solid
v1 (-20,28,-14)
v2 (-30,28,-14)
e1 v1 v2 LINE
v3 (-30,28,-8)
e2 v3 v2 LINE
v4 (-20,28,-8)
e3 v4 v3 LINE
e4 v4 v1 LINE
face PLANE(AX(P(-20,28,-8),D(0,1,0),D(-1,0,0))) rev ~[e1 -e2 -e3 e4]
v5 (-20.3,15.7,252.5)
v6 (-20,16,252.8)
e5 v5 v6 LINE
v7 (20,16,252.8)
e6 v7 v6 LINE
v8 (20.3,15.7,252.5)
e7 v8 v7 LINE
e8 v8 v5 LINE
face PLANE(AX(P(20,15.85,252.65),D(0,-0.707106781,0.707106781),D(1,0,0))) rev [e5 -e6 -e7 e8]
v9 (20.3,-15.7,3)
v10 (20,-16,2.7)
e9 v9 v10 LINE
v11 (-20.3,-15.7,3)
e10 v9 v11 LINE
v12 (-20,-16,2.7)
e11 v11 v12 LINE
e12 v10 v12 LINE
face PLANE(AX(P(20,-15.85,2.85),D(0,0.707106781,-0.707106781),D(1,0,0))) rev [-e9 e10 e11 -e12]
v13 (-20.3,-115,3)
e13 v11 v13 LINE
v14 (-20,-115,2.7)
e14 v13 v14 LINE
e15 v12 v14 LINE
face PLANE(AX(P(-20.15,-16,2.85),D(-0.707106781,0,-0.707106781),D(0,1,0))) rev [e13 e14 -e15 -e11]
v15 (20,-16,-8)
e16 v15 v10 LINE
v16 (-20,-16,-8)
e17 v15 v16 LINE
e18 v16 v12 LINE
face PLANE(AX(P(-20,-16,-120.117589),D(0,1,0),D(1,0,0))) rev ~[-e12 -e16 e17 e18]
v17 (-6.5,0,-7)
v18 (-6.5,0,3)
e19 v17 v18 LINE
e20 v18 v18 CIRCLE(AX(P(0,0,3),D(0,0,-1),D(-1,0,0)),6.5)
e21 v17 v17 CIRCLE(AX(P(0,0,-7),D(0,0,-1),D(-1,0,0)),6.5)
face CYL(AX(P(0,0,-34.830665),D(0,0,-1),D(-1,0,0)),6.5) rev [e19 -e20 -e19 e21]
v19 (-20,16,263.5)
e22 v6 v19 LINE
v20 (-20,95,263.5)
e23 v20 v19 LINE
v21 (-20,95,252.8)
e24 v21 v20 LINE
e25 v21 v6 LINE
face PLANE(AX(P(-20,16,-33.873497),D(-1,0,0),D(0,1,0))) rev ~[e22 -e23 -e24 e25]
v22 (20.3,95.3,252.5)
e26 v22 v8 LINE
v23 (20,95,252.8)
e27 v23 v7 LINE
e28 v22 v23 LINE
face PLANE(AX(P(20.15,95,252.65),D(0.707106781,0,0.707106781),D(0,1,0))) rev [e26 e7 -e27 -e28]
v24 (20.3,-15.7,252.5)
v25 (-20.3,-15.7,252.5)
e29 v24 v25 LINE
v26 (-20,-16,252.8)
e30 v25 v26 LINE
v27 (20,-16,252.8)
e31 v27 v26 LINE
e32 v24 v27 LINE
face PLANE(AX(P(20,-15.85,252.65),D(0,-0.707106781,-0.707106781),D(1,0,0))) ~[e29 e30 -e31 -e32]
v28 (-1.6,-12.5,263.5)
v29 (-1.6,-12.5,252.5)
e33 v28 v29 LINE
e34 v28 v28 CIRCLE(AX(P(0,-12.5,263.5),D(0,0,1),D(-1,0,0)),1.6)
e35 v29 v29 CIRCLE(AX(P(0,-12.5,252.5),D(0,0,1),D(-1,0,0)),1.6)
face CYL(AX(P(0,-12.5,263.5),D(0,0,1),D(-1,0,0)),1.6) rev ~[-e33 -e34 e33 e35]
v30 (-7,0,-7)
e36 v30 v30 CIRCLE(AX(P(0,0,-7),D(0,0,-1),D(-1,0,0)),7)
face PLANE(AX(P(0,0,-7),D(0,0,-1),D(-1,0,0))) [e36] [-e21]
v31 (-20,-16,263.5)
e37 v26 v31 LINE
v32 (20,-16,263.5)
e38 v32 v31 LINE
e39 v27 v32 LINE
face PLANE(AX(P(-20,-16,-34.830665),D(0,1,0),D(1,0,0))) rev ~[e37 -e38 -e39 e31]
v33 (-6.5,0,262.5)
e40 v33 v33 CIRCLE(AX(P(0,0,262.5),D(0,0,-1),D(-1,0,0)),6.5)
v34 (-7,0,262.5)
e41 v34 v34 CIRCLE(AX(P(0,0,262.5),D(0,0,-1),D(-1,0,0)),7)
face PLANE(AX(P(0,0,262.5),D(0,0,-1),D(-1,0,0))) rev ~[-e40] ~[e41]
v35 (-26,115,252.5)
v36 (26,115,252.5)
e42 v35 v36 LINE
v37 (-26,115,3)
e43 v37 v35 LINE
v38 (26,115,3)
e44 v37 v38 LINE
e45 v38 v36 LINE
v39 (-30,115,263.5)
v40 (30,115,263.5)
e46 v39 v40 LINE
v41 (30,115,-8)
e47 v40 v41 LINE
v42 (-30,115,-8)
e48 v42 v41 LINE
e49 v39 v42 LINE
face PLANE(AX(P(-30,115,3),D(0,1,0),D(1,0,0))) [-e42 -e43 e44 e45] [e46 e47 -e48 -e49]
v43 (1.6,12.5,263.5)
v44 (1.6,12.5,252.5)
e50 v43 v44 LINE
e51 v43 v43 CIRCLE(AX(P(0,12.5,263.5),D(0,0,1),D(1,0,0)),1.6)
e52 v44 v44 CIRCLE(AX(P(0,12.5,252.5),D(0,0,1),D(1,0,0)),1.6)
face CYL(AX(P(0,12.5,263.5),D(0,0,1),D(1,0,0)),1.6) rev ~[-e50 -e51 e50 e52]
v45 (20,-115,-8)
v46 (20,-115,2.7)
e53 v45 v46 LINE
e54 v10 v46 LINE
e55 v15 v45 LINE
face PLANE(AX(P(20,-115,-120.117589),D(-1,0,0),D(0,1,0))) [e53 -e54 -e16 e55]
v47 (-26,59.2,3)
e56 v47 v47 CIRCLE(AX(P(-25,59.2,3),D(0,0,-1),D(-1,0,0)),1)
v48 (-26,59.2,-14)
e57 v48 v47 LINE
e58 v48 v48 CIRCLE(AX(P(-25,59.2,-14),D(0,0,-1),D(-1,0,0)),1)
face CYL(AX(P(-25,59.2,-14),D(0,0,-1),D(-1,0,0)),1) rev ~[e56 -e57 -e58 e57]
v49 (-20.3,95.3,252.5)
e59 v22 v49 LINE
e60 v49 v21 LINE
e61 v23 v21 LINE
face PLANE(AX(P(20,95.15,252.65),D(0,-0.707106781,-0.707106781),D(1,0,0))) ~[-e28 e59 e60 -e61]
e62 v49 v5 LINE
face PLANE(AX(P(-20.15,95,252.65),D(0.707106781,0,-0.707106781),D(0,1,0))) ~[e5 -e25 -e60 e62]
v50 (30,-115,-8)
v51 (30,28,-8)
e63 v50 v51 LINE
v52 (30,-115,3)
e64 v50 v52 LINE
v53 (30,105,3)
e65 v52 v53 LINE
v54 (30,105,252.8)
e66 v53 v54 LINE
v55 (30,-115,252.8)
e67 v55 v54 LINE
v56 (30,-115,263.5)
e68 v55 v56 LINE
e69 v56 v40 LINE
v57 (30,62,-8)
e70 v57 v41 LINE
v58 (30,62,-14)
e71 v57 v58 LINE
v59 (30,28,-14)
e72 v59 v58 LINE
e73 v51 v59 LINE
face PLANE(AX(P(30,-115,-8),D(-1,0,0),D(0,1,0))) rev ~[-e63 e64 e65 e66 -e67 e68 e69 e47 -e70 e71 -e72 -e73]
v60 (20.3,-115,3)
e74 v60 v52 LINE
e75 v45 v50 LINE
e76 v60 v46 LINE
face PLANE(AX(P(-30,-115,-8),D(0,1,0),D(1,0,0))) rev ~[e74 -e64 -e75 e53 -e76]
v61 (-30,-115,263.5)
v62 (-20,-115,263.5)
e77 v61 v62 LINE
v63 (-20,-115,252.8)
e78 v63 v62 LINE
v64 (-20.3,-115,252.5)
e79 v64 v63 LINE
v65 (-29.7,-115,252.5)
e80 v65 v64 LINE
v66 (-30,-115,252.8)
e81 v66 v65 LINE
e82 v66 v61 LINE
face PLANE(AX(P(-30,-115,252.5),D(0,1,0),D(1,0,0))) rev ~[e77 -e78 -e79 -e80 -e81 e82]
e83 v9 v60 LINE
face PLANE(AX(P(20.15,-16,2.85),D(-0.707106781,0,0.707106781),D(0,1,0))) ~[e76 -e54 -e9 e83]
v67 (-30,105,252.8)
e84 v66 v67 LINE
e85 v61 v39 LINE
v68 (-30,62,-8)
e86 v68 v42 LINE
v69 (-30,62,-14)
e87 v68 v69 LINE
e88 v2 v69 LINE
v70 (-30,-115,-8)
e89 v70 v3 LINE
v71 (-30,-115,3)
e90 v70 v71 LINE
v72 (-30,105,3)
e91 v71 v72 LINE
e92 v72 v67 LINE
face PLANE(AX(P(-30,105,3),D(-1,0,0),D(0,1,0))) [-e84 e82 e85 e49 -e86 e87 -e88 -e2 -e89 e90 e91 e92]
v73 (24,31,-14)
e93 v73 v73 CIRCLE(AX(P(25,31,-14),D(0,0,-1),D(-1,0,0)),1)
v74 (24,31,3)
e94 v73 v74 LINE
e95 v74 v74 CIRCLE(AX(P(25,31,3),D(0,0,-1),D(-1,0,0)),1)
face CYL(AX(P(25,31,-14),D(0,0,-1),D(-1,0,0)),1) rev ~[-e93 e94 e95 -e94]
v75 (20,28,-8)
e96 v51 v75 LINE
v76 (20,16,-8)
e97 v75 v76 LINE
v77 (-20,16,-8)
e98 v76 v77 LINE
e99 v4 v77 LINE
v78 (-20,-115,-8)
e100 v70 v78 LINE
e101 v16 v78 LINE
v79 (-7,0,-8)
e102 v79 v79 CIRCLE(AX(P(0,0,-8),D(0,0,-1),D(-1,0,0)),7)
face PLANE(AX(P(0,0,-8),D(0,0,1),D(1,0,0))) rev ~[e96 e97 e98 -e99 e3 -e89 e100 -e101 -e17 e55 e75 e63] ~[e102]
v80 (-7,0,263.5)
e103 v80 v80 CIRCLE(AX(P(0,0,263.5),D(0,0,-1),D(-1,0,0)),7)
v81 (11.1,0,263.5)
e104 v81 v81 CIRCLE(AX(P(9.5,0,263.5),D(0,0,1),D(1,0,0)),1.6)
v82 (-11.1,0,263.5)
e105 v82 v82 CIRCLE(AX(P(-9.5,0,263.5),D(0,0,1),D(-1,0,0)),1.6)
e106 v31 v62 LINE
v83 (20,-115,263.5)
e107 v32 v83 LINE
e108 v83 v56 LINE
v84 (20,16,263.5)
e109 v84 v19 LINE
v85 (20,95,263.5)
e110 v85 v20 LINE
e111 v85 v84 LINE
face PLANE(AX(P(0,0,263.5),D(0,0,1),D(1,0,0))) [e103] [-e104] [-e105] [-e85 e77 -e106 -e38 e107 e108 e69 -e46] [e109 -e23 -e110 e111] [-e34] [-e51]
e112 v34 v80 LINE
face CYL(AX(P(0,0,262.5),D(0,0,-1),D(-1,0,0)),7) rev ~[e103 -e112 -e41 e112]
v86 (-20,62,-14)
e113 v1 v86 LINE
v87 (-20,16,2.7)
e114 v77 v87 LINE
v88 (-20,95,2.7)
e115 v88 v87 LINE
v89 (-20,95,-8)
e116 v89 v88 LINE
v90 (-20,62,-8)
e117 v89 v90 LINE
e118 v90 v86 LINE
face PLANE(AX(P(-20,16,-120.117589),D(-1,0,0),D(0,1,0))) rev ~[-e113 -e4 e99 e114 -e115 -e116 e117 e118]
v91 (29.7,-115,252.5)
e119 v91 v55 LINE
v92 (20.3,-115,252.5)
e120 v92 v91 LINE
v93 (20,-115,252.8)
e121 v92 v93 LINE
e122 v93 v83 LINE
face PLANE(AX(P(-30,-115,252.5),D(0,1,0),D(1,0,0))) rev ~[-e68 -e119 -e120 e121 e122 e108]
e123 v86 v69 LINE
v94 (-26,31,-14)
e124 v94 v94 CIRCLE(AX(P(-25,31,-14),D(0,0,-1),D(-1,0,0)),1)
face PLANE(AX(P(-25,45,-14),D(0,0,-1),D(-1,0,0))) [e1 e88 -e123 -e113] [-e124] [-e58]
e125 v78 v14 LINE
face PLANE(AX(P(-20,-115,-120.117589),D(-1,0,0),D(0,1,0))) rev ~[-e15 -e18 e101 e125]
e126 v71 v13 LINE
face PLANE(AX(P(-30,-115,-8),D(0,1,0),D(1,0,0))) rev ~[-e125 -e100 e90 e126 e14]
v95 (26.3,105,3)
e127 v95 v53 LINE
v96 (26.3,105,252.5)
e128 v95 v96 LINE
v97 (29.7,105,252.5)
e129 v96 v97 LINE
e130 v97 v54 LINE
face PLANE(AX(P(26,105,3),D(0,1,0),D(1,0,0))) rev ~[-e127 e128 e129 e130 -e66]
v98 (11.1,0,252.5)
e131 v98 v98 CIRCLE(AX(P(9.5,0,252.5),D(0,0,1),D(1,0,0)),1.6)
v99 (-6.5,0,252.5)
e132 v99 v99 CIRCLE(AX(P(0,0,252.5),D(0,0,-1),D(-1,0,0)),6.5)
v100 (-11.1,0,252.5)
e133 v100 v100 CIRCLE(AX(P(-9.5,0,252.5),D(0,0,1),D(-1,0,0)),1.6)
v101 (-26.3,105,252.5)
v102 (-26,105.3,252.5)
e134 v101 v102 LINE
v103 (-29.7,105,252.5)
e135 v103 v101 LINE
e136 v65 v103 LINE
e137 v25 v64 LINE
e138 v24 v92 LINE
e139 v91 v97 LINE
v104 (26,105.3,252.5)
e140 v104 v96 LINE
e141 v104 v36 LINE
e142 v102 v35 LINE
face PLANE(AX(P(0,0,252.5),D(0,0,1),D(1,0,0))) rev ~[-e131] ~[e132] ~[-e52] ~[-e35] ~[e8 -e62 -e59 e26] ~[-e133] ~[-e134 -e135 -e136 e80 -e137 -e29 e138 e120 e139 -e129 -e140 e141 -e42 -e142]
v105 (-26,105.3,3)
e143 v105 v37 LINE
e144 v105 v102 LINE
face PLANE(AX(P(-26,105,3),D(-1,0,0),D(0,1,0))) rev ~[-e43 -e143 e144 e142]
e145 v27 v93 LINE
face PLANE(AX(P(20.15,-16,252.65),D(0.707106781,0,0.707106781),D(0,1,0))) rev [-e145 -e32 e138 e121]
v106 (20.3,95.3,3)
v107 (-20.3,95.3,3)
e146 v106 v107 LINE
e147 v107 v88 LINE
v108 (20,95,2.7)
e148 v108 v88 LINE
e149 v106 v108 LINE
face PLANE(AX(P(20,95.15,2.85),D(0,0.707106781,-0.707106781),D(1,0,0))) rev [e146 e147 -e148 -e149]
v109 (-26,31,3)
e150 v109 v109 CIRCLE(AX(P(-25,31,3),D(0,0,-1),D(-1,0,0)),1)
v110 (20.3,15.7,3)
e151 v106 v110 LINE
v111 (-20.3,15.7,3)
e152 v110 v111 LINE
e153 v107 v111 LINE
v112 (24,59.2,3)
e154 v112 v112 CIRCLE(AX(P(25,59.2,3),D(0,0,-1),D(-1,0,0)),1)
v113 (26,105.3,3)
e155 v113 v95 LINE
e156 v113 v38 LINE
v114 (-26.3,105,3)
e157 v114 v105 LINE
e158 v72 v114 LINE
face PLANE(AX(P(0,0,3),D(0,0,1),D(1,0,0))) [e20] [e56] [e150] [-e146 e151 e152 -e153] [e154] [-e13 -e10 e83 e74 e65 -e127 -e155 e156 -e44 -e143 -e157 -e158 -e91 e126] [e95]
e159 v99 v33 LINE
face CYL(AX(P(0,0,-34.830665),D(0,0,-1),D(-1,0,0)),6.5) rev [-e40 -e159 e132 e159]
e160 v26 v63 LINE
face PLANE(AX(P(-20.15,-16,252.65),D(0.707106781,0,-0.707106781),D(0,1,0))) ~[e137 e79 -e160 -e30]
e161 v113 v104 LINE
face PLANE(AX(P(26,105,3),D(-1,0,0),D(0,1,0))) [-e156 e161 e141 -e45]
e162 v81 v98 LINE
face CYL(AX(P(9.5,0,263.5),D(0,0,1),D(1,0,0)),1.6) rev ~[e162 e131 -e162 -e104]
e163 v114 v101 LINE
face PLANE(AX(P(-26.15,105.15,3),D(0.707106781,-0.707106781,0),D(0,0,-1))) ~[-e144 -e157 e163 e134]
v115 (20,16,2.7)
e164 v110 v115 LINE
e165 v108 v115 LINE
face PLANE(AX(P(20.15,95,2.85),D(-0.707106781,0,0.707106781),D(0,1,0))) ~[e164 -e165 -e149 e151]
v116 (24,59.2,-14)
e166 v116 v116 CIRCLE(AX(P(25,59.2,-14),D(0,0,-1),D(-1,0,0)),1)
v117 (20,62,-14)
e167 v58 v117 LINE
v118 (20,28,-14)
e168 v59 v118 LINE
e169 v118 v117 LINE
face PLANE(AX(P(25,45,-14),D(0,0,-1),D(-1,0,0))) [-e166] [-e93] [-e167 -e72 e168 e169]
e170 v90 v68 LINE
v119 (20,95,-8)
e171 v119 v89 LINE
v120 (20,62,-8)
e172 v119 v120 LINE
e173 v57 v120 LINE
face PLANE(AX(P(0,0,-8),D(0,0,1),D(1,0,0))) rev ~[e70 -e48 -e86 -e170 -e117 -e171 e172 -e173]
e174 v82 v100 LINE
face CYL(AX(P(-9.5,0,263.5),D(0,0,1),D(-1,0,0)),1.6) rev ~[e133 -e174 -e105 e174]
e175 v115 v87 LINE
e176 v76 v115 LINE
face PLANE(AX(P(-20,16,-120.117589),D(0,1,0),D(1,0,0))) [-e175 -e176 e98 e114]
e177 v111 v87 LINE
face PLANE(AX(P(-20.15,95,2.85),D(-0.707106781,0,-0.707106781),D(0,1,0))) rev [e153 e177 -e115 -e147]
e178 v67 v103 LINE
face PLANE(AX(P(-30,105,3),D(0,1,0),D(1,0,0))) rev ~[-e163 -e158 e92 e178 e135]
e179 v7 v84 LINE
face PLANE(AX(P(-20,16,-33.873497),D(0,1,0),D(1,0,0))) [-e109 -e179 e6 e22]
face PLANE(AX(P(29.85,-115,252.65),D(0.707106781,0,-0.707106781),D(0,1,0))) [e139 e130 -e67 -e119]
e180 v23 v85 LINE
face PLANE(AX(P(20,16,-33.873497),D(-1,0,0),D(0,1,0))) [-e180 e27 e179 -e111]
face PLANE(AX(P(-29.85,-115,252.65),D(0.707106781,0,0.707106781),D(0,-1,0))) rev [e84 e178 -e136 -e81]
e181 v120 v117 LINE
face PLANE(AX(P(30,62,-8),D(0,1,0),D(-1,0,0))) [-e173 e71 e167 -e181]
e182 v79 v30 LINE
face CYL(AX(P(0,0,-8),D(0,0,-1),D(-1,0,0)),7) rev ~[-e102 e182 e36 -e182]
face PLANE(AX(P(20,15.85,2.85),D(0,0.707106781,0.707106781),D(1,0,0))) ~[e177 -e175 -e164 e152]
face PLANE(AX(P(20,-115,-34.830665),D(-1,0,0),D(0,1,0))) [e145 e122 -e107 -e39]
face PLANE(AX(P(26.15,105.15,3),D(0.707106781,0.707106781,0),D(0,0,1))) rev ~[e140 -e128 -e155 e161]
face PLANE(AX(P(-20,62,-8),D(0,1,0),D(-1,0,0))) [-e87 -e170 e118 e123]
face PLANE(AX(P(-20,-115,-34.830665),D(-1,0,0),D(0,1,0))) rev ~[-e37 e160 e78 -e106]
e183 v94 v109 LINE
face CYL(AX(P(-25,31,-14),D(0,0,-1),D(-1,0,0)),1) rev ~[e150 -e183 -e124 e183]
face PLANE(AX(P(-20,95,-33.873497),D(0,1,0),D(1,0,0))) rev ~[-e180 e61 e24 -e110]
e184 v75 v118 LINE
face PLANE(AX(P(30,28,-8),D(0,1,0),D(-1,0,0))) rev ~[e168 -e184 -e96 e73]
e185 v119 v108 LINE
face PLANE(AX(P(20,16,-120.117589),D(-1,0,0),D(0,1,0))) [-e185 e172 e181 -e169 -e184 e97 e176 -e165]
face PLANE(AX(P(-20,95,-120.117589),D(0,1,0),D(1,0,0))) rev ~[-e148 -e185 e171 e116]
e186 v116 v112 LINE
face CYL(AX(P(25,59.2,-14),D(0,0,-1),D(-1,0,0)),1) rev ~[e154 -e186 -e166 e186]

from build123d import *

# Parameters (mm, degrees)
BOSS_EXTRUDE1_START      = -8
SKETCH1_W                = 60
SKETCH1_H                = 230
BOSS_EXTRUDE1_DEPTH      = 11
CUT_EXTRUDE1_DEPTH       = 120.117588961
CUT_EXTRUDE1_DEPTH_BACK  = 120.117588961
SKETCH2_W                = 40
SKETCH2_H                = 99
CUT_EXTRUDE2_DEPTH       = 120.117588961
CUT_EXTRUDE2_DEPTH_BACK  = 120.117588961
SKETCH3_W                = 40
SKETCH3_H                = 79
SKETCH4_W                = 60
SKETCH4_H                = 230
BOSS_EXTRUDE3_DEPTH      = 11
CUT_EXTRUDE3_DEPTH       = 297.373497466
CUT_EXTRUDE3_DEPTH_BACK  = 297.373497466
SKETCH6_W                = 40
SKETCH6_H                = 79
CUT_EXTRUDE4_DEPTH       = 287.33066549
CUT_EXTRUDE4_DEPTH_BACK  = 287.33066549
SKETCH7_W                = 40
SKETCH7_H                = 99
SKETCH8_W                = 4
SKETCH8_H                = 10
BOSS_EXTRUDE4_DEPTH      = 249.5
CUT_EXTRUDE13_DEPTH      = 287.33066549
CUT_EXTRUDE13_DEPTH_BACK = 287.33066549
SKETCH9_R                = 6.5
CUT_EXTRUDE15_START      = -10
SKETCH13_R               = 7
CUT_EXTRUDE15_DEPTH      = 1
SKETCH14_R               = 7
CUT_EXTRUDE16_DEPTH      = 1
CUT_EXTRUDE17_REACH      = 298.373
SKETCH15_R               = 1.6
SKETCH17_W               = 10
SKETCH17_H               = 34
BOSS_EXTRUDE5_DEPTH      = 6
CUT_EXTRUDE18_REACH      = 303.88
SKETCH18_R               = 1
CHAMFER1_SIZE            = 0.3
CHAMFER2_SIZE            = 0.3
CHAMFER3_SIZE            = 0.3
CHAMFER4_SIZE            = 0.3
CHAMFER5_SIZE            = 0.3


with BuildPart() as part:
    # Sketch1 → Boss-Extrude1 (new body)
    with BuildSketch(Plane.XY.offset(BOSS_EXTRUDE1_START)):
        Rectangle(SKETCH1_W, SKETCH1_H)
    extrude(amount=BOSS_EXTRUDE1_DEPTH)

    # Sketch2 → Cut-Extrude1 (cut, two sides: drawn at the far end of the back side and taken through both)
    with BuildSketch(Plane.XY.offset(-CUT_EXTRUDE1_DEPTH_BACK)):
        with Locations((0, -65.5)):
            Rectangle(SKETCH2_W, SKETCH2_H)
    extrude(amount=CUT_EXTRUDE1_DEPTH + CUT_EXTRUDE1_DEPTH_BACK, mode=Mode.SUBTRACT)

    # Sketch3 → Cut-Extrude2 (cut, two sides: drawn at the far end of the back side and taken through both)
    with BuildSketch(Plane.XY.offset(-CUT_EXTRUDE2_DEPTH_BACK)):
        with Locations((0, 55.5)):
            Rectangle(SKETCH3_W, SKETCH3_H)
    extrude(amount=CUT_EXTRUDE2_DEPTH + CUT_EXTRUDE2_DEPTH_BACK, mode=Mode.SUBTRACT)



with BuildPart() as body_2:
    # Sketch4 → Boss-Extrude3 (new body)
    with BuildSketch(Plane.XY.offset(252.5)):
        Rectangle(SKETCH4_W, SKETCH4_H)
    extrude(amount=BOSS_EXTRUDE3_DEPTH)

    # Sketch6 → Cut-Extrude3 (cut, two sides: drawn at the far end of the back side and taken through both)
    with BuildSketch(Plane.XY.offset(263.5).offset(-CUT_EXTRUDE3_DEPTH_BACK)):
        with Locations((0, 55.5)):
            Rectangle(SKETCH6_W, SKETCH6_H)
    extrude(amount=CUT_EXTRUDE3_DEPTH + CUT_EXTRUDE3_DEPTH_BACK, mode=Mode.SUBTRACT)

    # Sketch7 → Cut-Extrude4 (cut, two sides: drawn at the far end of the back side and taken through both)
    with BuildSketch(Plane.XY.offset(252.5).offset(-CUT_EXTRUDE4_DEPTH_BACK)):
        with Locations((0, -65.5)):
            Rectangle(SKETCH7_W, SKETCH7_H)
    extrude(amount=CUT_EXTRUDE4_DEPTH + CUT_EXTRUDE4_DEPTH_BACK, mode=Mode.SUBTRACT)


with BuildPart() as part_1:
    add(part.part)

    add(body_2.part)  # Boss-Extrude4 merges body 2
    # Sketch8 → Boss-Extrude4 (add)
    with BuildSketch(Plane.XY.offset(3)):
        with Locations((-28, 110)):
            Rectangle(SKETCH8_W, SKETCH8_H)
        with Locations((28, 110)):
            Rectangle(SKETCH8_W, SKETCH8_H)
    extrude(amount=BOSS_EXTRUDE4_DEPTH)

    # Sketch9 → Cut-Extrude13 (cut, two sides: drawn at the far end of the back side and taken through both)
    with BuildSketch(Plane.XY.offset(252.5).offset(-CUT_EXTRUDE13_DEPTH_BACK)):
        with Locations(Location((0, 0, 0), (0, 0, 180))):
            Circle(SKETCH9_R)
    extrude(amount=CUT_EXTRUDE13_DEPTH + CUT_EXTRUDE13_DEPTH_BACK, mode=Mode.SUBTRACT)

    # Sketch13 → Cut-Extrude15 (cut)
    with BuildSketch(Plane(origin=(0, 0, 252.5), x_dir=(-1, 0, 0), z_dir=(0, 0, -1)).offset(CUT_EXTRUDE15_START)):
        Circle(SKETCH13_R)
    extrude(amount=-CUT_EXTRUDE15_DEPTH, mode=Mode.SUBTRACT)

    # Sketch14 → Cut-Extrude16 (cut)
    with BuildSketch(Plane(origin=(0, 0, -8), x_dir=(-1, 0, 0), z_dir=(0, 0, -1))):
        Circle(SKETCH14_R)
    extrude(amount=-CUT_EXTRUDE16_DEPTH, mode=Mode.SUBTRACT)

    # Sketch15 → Cut-Extrude17 (cut, up to next)
    with BuildSketch(Plane.XY.offset(263.5), mode=Mode.PRIVATE) as cut_extrude17_sk1:
        with Locations((9.5, 0)):
            Circle(SKETCH15_R)
    cut_extrude17_tool1 = extrude(cut_extrude17_sk1.sketch, amount=-CUT_EXTRUDE17_REACH, mode=Mode.PRIVATE) & part_1.part
    # Sketch15 → Cut-Extrude17 (cut, up to next)
    with BuildSketch(Plane.XY.offset(263.5), mode=Mode.PRIVATE) as cut_extrude17_sk2:
        with Locations(Location((-9.5, 0, 0), (0, 0, 180))):
            Circle(SKETCH15_R)
    cut_extrude17_tool2 = extrude(cut_extrude17_sk2.sketch, amount=-CUT_EXTRUDE17_REACH, mode=Mode.PRIVATE) & part_1.part
    # Sketch15 → Cut-Extrude17 (cut, up to next)
    with BuildSketch(Plane.XY.offset(263.5), mode=Mode.PRIVATE) as cut_extrude17_sk3:
        with Locations((0, 12.5)):
            Circle(SKETCH15_R)
    cut_extrude17_tool3 = extrude(cut_extrude17_sk3.sketch, amount=-CUT_EXTRUDE17_REACH, mode=Mode.PRIVATE) & part_1.part
    # Sketch15 → Cut-Extrude17 (cut, up to next)
    with BuildSketch(Plane.XY.offset(263.5), mode=Mode.PRIVATE) as cut_extrude17_sk4:
        with Locations(Location((0, -12.5, 0), (0, 0, 180))):
            Circle(SKETCH15_R)
    cut_extrude17_tool4 = extrude(cut_extrude17_sk4.sketch, amount=-CUT_EXTRUDE17_REACH, mode=Mode.PRIVATE) & part_1.part
    add(cut_extrude17_tool1.solids().sort_by_distance((9.5, 0, 263.5))[0], mode=Mode.SUBTRACT)
    add(cut_extrude17_tool2.solids().sort_by_distance((-9.5, 0, 263.5))[0], mode=Mode.SUBTRACT)
    add(cut_extrude17_tool3.solids().sort_by_distance((0, 12.5, 263.5))[0], mode=Mode.SUBTRACT)
    add(cut_extrude17_tool4.solids().sort_by_distance((0, -12.5, 263.5))[0], mode=Mode.SUBTRACT)

    # Sketch17 → Boss-Extrude5 (add)
    with BuildSketch(Plane(origin=(0, 0, -8), x_dir=(-1, 0, 0), z_dir=(0, 0, -1))):
        with Locations((25, 45)):
            Rectangle(SKETCH17_W, SKETCH17_H)
        with Locations((-25, 45)):
            Rectangle(SKETCH17_W, SKETCH17_H)
    extrude(amount=BOSS_EXTRUDE5_DEPTH)

    # Sketch18 → Cut-Extrude18 (cut, up to next)
    with BuildSketch(Plane(origin=(0, 0, -14), x_dir=(-1, 0, 0), z_dir=(0, 0, -1)), mode=Mode.PRIVATE) as cut_extrude18_sk1:
        with Locations((-25, 59.2)):
            Circle(SKETCH18_R)
    cut_extrude18_tool1 = extrude(cut_extrude18_sk1.sketch, amount=-CUT_EXTRUDE18_REACH, mode=Mode.PRIVATE) & part_1.part
    # Sketch18 → Cut-Extrude18 (cut, up to next)
    with BuildSketch(Plane(origin=(0, 0, -14), x_dir=(-1, 0, 0), z_dir=(0, 0, -1)), mode=Mode.PRIVATE) as cut_extrude18_sk2:
        with Locations((-25, 31)):
            Circle(SKETCH18_R)
    cut_extrude18_tool2 = extrude(cut_extrude18_sk2.sketch, amount=-CUT_EXTRUDE18_REACH, mode=Mode.PRIVATE) & part_1.part
    # Sketch18 → Cut-Extrude18 (cut, up to next)
    with BuildSketch(Plane(origin=(0, 0, -14), x_dir=(-1, 0, 0), z_dir=(0, 0, -1)), mode=Mode.PRIVATE) as cut_extrude18_sk3:
        with Locations((25, 59.2)):
            Circle(SKETCH18_R)
    cut_extrude18_tool3 = extrude(cut_extrude18_sk3.sketch, amount=-CUT_EXTRUDE18_REACH, mode=Mode.PRIVATE) & part_1.part
    # Sketch18 → Cut-Extrude18 (cut, up to next)
    with BuildSketch(Plane(origin=(0, 0, -14), x_dir=(-1, 0, 0), z_dir=(0, 0, -1)), mode=Mode.PRIVATE) as cut_extrude18_sk4:
        with Locations((25, 31)):
            Circle(SKETCH18_R)
    cut_extrude18_tool4 = extrude(cut_extrude18_sk4.sketch, amount=-CUT_EXTRUDE18_REACH, mode=Mode.PRIVATE) & part_1.part
    add(cut_extrude18_tool1.solids().sort_by_distance((25, 59.2, -14))[0], mode=Mode.SUBTRACT)
    add(cut_extrude18_tool2.solids().sort_by_distance((25, 31, -14))[0], mode=Mode.SUBTRACT)
    add(cut_extrude18_tool3.solids().sort_by_distance((-25, 59.2, -14))[0], mode=Mode.SUBTRACT)
    add(cut_extrude18_tool4.solids().sort_by_distance((-25, 31, -14))[0], mode=Mode.SUBTRACT)

    # Chamfer1
    chamfer1_edges = [part_1.edges().sort_by_distance(p)[0] for p in [
        (-30, -5, 252.5),
    ]]
    chamfer(chamfer1_edges, length=CHAMFER1_SIZE)

    # Chamfer2
    chamfer2_edges = [part_1.edges().sort_by_distance(p)[0] for p in [
        (30, -5, 252.5),
    ]]
    chamfer(chamfer2_edges, length=CHAMFER2_SIZE)

    # Chamfer3
    chamfer3_edges = [part_1.edges().sort_by_distance(p)[0] for p in [
        (-26, 105, 127.75),
        (26, 105, 127.75),
    ]]
    chamfer(chamfer3_edges, length=CHAMFER3_SIZE)

    # Chamfer4
    chamfer4_edges = [part_1.edges().sort_by_distance(p)[0] for p in [
        (-20, -65.5, 3),
        (20, -65.5, 3),
        (0, -16, 3),
        (20, 55.5, 3),
        (0, 95, 3),
        (-20, 55.5, 3),
        (0, 16, 3),
    ]]
    chamfer(chamfer4_edges, length=CHAMFER4_SIZE)

    # Chamfer5
    chamfer5_edges = [part_1.edges().sort_by_distance(p)[0] for p in [
        (20, -65.5, 252.5),
        (0, -16, 252.5),
        (-20, -65.5, 252.5),
        (20, 55.5, 252.5),
        (0, 16, 252.5),
        (-20, 55.5, 252.5),
        (0, 95, 252.5),
    ]]
    chamfer(chamfer5_edges, length=CHAMFER5_SIZE)


solid = part_1.part
